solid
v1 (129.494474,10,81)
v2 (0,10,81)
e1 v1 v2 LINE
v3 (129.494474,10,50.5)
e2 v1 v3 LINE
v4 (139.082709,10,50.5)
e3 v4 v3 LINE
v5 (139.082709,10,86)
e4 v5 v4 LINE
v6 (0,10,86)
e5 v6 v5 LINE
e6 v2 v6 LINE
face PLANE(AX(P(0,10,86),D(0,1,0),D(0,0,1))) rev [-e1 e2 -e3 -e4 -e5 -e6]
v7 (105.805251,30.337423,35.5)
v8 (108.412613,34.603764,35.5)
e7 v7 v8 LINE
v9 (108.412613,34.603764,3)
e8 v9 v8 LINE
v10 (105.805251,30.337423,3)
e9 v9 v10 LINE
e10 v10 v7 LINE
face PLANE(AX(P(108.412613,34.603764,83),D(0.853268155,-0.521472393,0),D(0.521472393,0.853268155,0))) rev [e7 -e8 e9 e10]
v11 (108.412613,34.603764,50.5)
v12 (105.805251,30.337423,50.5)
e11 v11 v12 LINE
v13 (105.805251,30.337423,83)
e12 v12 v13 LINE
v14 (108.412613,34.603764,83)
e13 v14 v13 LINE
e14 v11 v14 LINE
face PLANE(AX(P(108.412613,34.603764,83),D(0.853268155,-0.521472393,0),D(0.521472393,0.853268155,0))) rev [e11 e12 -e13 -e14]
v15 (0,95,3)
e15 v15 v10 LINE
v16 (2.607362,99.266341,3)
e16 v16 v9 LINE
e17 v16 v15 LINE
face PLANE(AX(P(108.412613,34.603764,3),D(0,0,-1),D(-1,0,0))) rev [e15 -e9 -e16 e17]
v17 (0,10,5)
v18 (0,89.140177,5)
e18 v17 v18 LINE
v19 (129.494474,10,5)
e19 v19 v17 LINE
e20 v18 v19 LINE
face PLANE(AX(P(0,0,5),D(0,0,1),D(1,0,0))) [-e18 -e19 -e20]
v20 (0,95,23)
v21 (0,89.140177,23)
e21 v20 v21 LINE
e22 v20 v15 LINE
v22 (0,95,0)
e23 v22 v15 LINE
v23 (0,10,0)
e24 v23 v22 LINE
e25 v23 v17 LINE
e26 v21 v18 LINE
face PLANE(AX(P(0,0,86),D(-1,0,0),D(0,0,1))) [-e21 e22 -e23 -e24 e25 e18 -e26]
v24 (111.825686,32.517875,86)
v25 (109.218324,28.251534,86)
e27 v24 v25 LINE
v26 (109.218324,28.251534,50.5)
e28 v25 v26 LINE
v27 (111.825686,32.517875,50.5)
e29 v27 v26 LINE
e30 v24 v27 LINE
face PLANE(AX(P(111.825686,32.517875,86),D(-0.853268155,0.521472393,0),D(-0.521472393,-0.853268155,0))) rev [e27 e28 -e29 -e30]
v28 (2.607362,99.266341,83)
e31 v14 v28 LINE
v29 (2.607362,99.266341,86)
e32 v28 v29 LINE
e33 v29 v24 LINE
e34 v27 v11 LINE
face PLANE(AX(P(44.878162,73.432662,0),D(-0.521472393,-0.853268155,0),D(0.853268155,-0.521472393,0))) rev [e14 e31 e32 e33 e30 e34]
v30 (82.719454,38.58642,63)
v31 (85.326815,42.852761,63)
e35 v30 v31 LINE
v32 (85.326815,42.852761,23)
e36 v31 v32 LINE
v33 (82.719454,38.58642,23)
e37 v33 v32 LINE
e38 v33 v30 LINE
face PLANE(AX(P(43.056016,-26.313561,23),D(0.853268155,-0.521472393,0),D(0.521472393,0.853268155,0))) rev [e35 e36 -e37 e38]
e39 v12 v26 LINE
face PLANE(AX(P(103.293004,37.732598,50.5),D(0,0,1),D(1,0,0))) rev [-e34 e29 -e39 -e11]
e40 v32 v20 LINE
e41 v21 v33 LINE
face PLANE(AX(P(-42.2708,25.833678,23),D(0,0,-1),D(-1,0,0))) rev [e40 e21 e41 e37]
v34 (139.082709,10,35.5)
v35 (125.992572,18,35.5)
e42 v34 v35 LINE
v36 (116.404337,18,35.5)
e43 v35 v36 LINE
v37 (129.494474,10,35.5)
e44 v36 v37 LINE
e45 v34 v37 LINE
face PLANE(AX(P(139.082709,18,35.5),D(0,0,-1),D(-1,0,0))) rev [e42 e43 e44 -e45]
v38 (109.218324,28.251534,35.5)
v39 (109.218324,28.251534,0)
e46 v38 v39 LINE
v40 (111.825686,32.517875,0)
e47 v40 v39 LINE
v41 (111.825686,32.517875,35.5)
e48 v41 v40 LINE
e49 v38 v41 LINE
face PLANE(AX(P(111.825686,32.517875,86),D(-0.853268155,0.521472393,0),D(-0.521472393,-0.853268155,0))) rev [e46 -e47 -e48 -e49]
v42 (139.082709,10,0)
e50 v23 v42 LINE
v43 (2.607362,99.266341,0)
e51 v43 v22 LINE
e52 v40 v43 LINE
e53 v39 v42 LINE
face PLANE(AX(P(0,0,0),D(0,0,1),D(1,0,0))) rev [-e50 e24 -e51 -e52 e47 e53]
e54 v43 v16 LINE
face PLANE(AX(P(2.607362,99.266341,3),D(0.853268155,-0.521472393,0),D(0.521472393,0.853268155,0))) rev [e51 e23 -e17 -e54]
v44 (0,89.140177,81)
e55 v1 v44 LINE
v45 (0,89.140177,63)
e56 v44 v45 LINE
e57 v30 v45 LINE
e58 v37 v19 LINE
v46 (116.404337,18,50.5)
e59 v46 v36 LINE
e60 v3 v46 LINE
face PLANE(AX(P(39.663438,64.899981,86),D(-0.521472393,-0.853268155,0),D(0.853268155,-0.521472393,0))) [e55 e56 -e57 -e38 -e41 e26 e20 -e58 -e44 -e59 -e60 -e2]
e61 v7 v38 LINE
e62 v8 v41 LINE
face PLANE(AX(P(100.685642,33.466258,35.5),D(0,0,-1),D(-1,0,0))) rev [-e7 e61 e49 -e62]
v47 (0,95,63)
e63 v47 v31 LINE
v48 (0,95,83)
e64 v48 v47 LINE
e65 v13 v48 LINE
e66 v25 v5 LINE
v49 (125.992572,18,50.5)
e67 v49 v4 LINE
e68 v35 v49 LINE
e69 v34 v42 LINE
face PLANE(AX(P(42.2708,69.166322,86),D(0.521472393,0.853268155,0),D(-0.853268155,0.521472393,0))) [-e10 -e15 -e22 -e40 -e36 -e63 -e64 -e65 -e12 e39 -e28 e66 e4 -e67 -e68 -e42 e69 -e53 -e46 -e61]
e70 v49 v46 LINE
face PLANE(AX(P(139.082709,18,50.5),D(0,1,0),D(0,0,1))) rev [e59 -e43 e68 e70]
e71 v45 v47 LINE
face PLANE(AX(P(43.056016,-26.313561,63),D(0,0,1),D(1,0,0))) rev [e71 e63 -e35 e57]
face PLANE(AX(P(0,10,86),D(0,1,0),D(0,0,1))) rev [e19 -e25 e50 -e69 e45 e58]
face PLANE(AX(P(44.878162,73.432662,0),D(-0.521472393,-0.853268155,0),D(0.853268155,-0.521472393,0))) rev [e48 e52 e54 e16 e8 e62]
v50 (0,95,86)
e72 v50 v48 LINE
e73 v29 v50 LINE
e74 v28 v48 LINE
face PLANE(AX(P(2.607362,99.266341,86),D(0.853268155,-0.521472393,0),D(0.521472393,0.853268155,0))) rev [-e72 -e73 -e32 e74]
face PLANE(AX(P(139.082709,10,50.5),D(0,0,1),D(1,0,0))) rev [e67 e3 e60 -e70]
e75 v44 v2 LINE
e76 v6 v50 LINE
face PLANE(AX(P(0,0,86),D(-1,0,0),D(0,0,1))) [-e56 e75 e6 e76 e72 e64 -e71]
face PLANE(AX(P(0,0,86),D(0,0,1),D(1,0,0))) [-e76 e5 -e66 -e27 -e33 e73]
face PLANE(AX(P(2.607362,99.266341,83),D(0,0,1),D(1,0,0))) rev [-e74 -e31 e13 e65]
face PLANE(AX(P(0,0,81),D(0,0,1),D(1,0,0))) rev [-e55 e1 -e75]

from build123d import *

# Parameters (mm, degrees)
BOSS_EXTRUDE2_DEPTH = 86
BOSS_EXTRUDE3_DEPTH = 5
BOSS_EXTRUDE4_DEPTH = 5
CUT_EXTRUDE2_DEPTH  = 82.06047469
BOSS_EXTRUDE5_DEPTH = 5
CUT_EXTRUDE3_DEPTH  = 6
SKETCH8_W           = 40
SKETCH8_H           = 5.859822581
CUT_EXTRUDE4_DEPTH  = 69.214723926
SKETCH11_W          = 86
SKETCH11_H          = 10
CUT_EXTRUDE6_DEPTH  = 140.082709206
CUT_EXTRUDE8_DEPTH  = 140.082709206
SKETCH14_W          = 15
SKETCH14_H          = 5
CUT_EXTRUDE9_DEPTH  = 10


with BuildPart() as part:
    # Sketch1 → Boss-Extrude2 (new body)
    with BuildSketch(Plane.XY):
        Polygon((0, 89.140177419), (0, 95), (139.082709206, 10), (139.082709206, 0), (0, 0), (0, 5), (5, 5), (134.082709206, 5), (134.082709206, 7.195913121), (5, 86.084441718), align=None)
    extrude(amount=BOSS_EXTRUDE2_DEPTH)

    # Sketch2 → Boss-Extrude3 (add)
    with BuildSketch(Plane.XY.offset(86)):
        Polygon((0, 89.140177419), (134.082709206, 7.195913121), (134.082709206, 5), (0, 5), align=None)
    extrude(amount=-BOSS_EXTRUDE3_DEPTH)

    # Sketch3 → Boss-Extrude4 (add)
    with BuildSketch(Plane(origin=(42.270799685, 69.166321653, 0), x_dir=(0, 0, -1), z_dir=(0.521472393, 0.853268155, 0))):
        Polygon((0, 49.539877301), (0, -78.460122699), (-86, -78.460122699), (-86, 49.539877301), (-83, 49.539877301), (-83, -74.460122699), (-3, -74.460122699), (-3, 49.539877301), align=None)
    extrude(amount=BOSS_EXTRUDE4_DEPTH)

    # Sketch5 → Cut-Extrude2 (cut, through all)
    with BuildSketch(Plane(origin=(42.270799685, 69.166321653, 0), x_dir=(0, 0, -1), z_dir=(0.521472393, 0.853268155, 0))):
        Polygon((-43, 49.539877301), (-23, 49.539877301), (-23, -50.460122699), (-63, -50.460122699), (-63, 49.539877301), align=None)
    extrude(amount=-CUT_EXTRUDE2_DEPTH, mode=Mode.SUBTRACT)

    # Sketch6 → Boss-Extrude5 (add)
    with BuildSketch(Plane(origin=(0, 0, 0), x_dir=(-1, 0, 0), z_dir=(0, 0, -1))):
        Polygon((0, 89.140177419), (-134.082709206, 7.195913121), (-134.082709206, 5), (0, 5), align=None)
    extrude(amount=-BOSS_EXTRUDE5_DEPTH)

    # Sketch7 → Cut-Extrude3 (cut, through all)
    with BuildSketch(Plane(origin=(0, 5, 0), x_dir=(1, 0, 0), z_dir=(0, 1, 0))):
        Polygon((0, -5), (135.193098296, -5), (134.082709206, -81), (0, -81), (0, -63), (62.193208986, -63), (62.193208986, -23), (0, -23), align=None)
    extrude(amount=-CUT_EXTRUDE3_DEPTH, mode=Mode.SUBTRACT)

    # Sketch8 → Cut-Extrude4 (cut, through all)
    with BuildSketch(Plane(origin=(43.056015778, -26.313560917, 0), x_dir=(0, 0, 1), z_dir=(-0.853268155, 0.521472393, 0))):
        with Locations((43, 33.768470979)):
            Rectangle(SKETCH8_W, SKETCH8_H)
    extrude(amount=-CUT_EXTRUDE4_DEPTH, mode=Mode.SUBTRACT)

    # Sketch11 → Cut-Extrude6 (cut, through all)
    with BuildSketch(Plane(origin=(139.082709206, 0, 0), x_dir=(0, 0, -1), z_dir=(1, 0, 0))):
        with Locations((-43, 5)):
            Rectangle(SKETCH11_W, SKETCH11_H)
    extrude(amount=-CUT_EXTRUDE6_DEPTH, mode=Mode.SUBTRACT)

    # Sketch13 → Cut-Extrude8 (cut, through all)
    with BuildSketch(Plane.ZY):
        Polygon((43, 10), (50.5, 10), (50.5, 18), (35.5, 18), (35.5, 10), align=None)
    extrude(amount=-CUT_EXTRUDE8_DEPTH, mode=Mode.SUBTRACT)

    # Sketch14 → Cut-Extrude9 (cut)
    with BuildSketch(Plane(origin=(66.947524108, -40.914787911, 0), x_dir=(0, 0, -1), z_dir=(0.853268155, -0.521472393, 0))):
        with Locations((-43, 83.56047469)):
            Rectangle(SKETCH14_W, SKETCH14_H)
    extrude(amount=-CUT_EXTRUDE9_DEPTH, mode=Mode.SUBTRACT)


solid = part.part
